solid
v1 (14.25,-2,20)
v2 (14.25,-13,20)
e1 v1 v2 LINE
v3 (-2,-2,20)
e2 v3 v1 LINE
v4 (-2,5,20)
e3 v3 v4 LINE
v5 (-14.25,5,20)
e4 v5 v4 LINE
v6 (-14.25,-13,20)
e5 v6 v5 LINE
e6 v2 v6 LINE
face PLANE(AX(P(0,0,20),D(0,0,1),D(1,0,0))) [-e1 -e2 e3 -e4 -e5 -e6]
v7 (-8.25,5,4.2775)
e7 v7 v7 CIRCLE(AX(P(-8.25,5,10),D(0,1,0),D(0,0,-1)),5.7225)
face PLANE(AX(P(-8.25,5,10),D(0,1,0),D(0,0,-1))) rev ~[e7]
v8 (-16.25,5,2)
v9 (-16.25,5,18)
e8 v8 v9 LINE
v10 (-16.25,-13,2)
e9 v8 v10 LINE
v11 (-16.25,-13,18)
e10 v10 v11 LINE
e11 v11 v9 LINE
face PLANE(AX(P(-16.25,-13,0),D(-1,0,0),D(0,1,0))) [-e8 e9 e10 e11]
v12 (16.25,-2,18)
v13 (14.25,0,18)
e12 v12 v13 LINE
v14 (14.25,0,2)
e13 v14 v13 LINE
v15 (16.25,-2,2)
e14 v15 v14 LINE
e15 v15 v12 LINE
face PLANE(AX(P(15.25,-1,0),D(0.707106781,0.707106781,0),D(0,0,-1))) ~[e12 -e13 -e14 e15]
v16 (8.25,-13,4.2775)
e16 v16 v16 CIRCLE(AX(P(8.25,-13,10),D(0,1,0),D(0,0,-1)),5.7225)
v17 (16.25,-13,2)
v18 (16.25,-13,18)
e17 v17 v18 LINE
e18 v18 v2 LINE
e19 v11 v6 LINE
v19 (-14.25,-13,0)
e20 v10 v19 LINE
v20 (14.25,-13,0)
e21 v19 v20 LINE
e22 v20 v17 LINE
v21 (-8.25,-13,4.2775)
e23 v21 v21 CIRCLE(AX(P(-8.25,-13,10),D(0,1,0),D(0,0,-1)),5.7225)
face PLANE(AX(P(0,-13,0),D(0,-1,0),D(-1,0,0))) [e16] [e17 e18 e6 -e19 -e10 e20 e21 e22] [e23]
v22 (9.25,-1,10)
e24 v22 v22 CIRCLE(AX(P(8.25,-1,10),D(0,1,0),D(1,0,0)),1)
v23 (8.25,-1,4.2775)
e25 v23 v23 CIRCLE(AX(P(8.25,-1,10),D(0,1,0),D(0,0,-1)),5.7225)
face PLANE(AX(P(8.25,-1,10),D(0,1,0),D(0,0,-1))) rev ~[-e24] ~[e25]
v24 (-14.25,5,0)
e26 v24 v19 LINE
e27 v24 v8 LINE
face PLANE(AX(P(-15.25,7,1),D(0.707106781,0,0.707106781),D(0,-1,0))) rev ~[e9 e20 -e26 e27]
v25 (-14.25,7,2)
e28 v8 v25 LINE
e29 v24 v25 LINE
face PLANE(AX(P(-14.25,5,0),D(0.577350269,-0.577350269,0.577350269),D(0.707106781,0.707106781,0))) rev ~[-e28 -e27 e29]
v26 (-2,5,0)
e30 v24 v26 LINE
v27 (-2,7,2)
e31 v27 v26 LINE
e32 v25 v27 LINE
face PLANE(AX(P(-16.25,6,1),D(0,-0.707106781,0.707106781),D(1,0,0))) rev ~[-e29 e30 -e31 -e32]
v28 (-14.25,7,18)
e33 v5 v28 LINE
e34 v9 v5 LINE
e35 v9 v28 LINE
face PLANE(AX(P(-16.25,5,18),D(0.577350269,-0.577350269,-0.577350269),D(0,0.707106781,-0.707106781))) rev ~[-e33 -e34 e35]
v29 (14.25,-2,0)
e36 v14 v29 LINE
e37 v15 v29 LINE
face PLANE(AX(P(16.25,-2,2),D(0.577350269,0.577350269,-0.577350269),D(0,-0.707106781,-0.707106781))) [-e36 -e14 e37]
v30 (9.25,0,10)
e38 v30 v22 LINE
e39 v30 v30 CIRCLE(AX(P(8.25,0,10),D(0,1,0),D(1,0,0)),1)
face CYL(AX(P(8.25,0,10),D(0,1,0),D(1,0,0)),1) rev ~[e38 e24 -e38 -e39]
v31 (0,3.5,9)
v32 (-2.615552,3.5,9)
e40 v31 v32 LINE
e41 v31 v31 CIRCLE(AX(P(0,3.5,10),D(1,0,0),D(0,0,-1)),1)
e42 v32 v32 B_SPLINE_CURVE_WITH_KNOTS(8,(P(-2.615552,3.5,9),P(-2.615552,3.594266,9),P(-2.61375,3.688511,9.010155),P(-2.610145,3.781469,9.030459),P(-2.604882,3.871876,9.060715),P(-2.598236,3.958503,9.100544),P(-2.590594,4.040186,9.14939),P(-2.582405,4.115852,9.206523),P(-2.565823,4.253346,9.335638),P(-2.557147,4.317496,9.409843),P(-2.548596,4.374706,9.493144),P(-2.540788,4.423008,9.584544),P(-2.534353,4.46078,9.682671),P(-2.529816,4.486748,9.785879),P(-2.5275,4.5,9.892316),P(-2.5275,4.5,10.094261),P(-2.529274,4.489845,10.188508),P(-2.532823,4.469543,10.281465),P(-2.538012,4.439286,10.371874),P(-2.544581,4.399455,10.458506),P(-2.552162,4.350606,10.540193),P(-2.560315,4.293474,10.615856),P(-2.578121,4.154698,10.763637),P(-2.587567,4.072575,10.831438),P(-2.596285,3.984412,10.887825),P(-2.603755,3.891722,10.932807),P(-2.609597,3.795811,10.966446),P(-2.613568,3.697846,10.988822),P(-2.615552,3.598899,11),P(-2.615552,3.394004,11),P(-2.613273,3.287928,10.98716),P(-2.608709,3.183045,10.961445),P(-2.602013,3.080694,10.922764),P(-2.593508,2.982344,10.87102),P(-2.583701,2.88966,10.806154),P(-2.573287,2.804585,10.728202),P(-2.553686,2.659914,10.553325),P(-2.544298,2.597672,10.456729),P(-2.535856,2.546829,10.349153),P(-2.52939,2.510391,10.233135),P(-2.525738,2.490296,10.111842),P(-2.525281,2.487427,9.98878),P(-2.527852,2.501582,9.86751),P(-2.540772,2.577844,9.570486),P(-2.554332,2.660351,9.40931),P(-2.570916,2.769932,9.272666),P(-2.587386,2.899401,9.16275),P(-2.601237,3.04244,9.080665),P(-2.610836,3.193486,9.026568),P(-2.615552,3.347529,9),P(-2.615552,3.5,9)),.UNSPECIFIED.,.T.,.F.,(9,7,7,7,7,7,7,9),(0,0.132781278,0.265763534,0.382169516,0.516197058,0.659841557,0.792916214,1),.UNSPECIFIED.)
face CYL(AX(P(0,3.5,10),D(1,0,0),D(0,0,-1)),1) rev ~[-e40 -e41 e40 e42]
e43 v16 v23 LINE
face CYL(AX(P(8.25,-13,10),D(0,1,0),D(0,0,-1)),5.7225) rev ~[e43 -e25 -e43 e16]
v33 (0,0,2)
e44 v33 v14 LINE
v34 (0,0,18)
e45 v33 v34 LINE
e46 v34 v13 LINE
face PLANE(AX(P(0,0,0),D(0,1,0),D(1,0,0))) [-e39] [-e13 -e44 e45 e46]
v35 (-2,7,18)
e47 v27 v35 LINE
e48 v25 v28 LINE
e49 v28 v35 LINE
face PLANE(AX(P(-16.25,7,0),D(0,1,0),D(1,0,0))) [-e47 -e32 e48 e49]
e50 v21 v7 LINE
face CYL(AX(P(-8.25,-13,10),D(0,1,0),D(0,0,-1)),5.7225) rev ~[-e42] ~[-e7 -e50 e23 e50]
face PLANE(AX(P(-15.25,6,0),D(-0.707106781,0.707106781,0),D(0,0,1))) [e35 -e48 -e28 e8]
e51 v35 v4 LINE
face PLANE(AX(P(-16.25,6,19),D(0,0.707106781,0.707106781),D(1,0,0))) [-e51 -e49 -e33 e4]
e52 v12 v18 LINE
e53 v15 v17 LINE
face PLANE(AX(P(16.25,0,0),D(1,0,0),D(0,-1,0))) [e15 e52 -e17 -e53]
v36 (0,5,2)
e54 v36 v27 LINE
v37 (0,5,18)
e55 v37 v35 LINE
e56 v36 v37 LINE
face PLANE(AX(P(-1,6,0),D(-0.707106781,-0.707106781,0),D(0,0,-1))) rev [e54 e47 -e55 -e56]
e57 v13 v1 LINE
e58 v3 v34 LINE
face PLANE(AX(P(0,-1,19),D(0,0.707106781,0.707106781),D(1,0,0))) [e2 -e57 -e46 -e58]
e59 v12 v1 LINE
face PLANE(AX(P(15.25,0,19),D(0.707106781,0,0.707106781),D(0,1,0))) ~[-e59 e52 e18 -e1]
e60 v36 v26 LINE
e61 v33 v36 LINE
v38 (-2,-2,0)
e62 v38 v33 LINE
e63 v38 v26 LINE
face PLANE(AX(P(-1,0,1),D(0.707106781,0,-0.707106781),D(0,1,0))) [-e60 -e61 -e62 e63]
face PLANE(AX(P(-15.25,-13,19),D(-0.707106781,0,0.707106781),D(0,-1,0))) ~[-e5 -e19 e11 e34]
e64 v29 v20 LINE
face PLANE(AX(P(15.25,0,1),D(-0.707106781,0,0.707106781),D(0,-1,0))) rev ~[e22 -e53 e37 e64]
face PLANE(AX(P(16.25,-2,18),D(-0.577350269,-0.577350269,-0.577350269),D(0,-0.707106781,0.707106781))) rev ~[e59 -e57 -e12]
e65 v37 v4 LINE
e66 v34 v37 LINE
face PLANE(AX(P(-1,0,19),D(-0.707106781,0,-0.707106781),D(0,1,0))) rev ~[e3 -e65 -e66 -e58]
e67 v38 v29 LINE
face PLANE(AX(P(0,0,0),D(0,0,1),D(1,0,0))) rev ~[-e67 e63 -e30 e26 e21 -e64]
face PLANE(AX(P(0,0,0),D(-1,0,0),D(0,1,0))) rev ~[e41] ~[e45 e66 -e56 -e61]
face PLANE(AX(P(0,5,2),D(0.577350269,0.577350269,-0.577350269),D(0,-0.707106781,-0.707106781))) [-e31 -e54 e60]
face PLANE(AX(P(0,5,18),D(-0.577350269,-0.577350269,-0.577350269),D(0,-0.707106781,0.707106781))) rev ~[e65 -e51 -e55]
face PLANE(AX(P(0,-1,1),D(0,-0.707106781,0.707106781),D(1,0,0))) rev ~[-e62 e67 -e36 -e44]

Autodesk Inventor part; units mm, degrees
ref_plane "YZ Plane" through (0, 0, 0) normal (1, 0, 0) x (0, 1, 0)
ref_plane "XZ Plane" through (0, 0, 0) normal (0, 1, 0) x (-1, 0, 0)
ref_plane "XY Plane" through (0, 0, 0) normal (0, 0, 1) x (1, 0, 0)
sketch "Skizze3" plane through (0, 0, 0) normal (0, 0, 1) x (1, 0, 0)
  line L0 (-22.75, 0) -> (22.75, 0) projected
  line L1 (0, -17) -> (0, 11) projected
  line L2 (-16.25, 7) -> (0, 7)
  line L3 (16.25, 0) -> (16.25, -13)
  line L4 (16.25, -13) -> (-16.25, -13)
  line L5 (-16.25, -13) -> (-16.25, 7)
  line L6 (0, 7) -> (0, 0)
  line L7 (16.25, 0) -> (0, 0)
  point P0 (16.25, 0)
  point P1 (0, 7)
  dimension "d4" = 20
  dimension "d5" = 32.5
  dimension "d41" = 7
extrude "Extrusion3" add sketch "Skizze3" along normal blind 20
sketch "Skizze6" plane through (0, 0, 0) normal (0, 1, 0) x (1, 0, 0)
  line L0 (16.25, 0) -> (0, 0) projected
  line L1 (16.25, 0) -> (16.25, -20) projected
  circle A0 centre (8.25, -10) radius 1
  dimension "d21" = 10
  dimension "d22" = 8
  dimension "d23" = 2
extrude "Extrusion6" cut sketch "Skizze6" against normal blind 3
sketch "Skizze7" plane through (0, 0, 0) normal (1, 0, 0) x (0, 0, -1)
  line L0 (0, 0) -> (0, 7) projected
  line L1 (0, 7) -> (-20, 7) projected
  circle A0 centre (-10, 3.5) radius 1
  dimension "d26" = 10
  dimension "d27" = 3.5
  dimension "d28" = 2
extrude "Extrusion7" cut sketch "Skizze7" against normal blind 10
chamfer "Fase4" distance 2 angle 45 13 edges at (-8.125, 7, 20) (-16.25, -3, 20) (-16.25, 7, 10) (-16.25, -3, 0) (-8.125, 7, 0) (0, 7, 10) (8.125, 0, 0) (8.125, 0, 20) (16.25, 0, 10) (16.25, -6.5, 0) (16.25, -6.5, 20) (0, 3.5, 20) (0, 3.5, 0)
sketch "Skizze9" plane through (-14.25, -13, 0) normal (0, -1, 0) x (1, 0, 0)
  circle A0 centre (22.5, 10) radius 1 projected
  line L0 (-2, 2) -> (-2, 18) projected
  point P0 (14.25, 0)
hole "Bohrung1" at (8.25, -13, 10) direction (0, 1, 0) diameter 11.445 depth 12 thread size "G13.157x1.337" designation "G 1/4" standard "ISO Pipe Threads"
sketch "Skizze10" plane through (-14.25, -13, 0) normal (0, -1, 0) x (1, 0, 0)
  line L0 (0, 0) -> (28.5, 0) projected
  line L1 (-2, 2) -> (-2, 18) projected
  point P0 (14.25, 0)
  point P1 (6, 10)
  dimension "d53" = 10
  dimension "d54" = 8
hole "Bohrung2" at (-8.25, -13, 10) direction (0, 1, 0) diameter 11.445 depth 18 thread size "G13.157x1.337" designation "G 1/4" standard "ISO Pipe Threads"
properties part number "1"
